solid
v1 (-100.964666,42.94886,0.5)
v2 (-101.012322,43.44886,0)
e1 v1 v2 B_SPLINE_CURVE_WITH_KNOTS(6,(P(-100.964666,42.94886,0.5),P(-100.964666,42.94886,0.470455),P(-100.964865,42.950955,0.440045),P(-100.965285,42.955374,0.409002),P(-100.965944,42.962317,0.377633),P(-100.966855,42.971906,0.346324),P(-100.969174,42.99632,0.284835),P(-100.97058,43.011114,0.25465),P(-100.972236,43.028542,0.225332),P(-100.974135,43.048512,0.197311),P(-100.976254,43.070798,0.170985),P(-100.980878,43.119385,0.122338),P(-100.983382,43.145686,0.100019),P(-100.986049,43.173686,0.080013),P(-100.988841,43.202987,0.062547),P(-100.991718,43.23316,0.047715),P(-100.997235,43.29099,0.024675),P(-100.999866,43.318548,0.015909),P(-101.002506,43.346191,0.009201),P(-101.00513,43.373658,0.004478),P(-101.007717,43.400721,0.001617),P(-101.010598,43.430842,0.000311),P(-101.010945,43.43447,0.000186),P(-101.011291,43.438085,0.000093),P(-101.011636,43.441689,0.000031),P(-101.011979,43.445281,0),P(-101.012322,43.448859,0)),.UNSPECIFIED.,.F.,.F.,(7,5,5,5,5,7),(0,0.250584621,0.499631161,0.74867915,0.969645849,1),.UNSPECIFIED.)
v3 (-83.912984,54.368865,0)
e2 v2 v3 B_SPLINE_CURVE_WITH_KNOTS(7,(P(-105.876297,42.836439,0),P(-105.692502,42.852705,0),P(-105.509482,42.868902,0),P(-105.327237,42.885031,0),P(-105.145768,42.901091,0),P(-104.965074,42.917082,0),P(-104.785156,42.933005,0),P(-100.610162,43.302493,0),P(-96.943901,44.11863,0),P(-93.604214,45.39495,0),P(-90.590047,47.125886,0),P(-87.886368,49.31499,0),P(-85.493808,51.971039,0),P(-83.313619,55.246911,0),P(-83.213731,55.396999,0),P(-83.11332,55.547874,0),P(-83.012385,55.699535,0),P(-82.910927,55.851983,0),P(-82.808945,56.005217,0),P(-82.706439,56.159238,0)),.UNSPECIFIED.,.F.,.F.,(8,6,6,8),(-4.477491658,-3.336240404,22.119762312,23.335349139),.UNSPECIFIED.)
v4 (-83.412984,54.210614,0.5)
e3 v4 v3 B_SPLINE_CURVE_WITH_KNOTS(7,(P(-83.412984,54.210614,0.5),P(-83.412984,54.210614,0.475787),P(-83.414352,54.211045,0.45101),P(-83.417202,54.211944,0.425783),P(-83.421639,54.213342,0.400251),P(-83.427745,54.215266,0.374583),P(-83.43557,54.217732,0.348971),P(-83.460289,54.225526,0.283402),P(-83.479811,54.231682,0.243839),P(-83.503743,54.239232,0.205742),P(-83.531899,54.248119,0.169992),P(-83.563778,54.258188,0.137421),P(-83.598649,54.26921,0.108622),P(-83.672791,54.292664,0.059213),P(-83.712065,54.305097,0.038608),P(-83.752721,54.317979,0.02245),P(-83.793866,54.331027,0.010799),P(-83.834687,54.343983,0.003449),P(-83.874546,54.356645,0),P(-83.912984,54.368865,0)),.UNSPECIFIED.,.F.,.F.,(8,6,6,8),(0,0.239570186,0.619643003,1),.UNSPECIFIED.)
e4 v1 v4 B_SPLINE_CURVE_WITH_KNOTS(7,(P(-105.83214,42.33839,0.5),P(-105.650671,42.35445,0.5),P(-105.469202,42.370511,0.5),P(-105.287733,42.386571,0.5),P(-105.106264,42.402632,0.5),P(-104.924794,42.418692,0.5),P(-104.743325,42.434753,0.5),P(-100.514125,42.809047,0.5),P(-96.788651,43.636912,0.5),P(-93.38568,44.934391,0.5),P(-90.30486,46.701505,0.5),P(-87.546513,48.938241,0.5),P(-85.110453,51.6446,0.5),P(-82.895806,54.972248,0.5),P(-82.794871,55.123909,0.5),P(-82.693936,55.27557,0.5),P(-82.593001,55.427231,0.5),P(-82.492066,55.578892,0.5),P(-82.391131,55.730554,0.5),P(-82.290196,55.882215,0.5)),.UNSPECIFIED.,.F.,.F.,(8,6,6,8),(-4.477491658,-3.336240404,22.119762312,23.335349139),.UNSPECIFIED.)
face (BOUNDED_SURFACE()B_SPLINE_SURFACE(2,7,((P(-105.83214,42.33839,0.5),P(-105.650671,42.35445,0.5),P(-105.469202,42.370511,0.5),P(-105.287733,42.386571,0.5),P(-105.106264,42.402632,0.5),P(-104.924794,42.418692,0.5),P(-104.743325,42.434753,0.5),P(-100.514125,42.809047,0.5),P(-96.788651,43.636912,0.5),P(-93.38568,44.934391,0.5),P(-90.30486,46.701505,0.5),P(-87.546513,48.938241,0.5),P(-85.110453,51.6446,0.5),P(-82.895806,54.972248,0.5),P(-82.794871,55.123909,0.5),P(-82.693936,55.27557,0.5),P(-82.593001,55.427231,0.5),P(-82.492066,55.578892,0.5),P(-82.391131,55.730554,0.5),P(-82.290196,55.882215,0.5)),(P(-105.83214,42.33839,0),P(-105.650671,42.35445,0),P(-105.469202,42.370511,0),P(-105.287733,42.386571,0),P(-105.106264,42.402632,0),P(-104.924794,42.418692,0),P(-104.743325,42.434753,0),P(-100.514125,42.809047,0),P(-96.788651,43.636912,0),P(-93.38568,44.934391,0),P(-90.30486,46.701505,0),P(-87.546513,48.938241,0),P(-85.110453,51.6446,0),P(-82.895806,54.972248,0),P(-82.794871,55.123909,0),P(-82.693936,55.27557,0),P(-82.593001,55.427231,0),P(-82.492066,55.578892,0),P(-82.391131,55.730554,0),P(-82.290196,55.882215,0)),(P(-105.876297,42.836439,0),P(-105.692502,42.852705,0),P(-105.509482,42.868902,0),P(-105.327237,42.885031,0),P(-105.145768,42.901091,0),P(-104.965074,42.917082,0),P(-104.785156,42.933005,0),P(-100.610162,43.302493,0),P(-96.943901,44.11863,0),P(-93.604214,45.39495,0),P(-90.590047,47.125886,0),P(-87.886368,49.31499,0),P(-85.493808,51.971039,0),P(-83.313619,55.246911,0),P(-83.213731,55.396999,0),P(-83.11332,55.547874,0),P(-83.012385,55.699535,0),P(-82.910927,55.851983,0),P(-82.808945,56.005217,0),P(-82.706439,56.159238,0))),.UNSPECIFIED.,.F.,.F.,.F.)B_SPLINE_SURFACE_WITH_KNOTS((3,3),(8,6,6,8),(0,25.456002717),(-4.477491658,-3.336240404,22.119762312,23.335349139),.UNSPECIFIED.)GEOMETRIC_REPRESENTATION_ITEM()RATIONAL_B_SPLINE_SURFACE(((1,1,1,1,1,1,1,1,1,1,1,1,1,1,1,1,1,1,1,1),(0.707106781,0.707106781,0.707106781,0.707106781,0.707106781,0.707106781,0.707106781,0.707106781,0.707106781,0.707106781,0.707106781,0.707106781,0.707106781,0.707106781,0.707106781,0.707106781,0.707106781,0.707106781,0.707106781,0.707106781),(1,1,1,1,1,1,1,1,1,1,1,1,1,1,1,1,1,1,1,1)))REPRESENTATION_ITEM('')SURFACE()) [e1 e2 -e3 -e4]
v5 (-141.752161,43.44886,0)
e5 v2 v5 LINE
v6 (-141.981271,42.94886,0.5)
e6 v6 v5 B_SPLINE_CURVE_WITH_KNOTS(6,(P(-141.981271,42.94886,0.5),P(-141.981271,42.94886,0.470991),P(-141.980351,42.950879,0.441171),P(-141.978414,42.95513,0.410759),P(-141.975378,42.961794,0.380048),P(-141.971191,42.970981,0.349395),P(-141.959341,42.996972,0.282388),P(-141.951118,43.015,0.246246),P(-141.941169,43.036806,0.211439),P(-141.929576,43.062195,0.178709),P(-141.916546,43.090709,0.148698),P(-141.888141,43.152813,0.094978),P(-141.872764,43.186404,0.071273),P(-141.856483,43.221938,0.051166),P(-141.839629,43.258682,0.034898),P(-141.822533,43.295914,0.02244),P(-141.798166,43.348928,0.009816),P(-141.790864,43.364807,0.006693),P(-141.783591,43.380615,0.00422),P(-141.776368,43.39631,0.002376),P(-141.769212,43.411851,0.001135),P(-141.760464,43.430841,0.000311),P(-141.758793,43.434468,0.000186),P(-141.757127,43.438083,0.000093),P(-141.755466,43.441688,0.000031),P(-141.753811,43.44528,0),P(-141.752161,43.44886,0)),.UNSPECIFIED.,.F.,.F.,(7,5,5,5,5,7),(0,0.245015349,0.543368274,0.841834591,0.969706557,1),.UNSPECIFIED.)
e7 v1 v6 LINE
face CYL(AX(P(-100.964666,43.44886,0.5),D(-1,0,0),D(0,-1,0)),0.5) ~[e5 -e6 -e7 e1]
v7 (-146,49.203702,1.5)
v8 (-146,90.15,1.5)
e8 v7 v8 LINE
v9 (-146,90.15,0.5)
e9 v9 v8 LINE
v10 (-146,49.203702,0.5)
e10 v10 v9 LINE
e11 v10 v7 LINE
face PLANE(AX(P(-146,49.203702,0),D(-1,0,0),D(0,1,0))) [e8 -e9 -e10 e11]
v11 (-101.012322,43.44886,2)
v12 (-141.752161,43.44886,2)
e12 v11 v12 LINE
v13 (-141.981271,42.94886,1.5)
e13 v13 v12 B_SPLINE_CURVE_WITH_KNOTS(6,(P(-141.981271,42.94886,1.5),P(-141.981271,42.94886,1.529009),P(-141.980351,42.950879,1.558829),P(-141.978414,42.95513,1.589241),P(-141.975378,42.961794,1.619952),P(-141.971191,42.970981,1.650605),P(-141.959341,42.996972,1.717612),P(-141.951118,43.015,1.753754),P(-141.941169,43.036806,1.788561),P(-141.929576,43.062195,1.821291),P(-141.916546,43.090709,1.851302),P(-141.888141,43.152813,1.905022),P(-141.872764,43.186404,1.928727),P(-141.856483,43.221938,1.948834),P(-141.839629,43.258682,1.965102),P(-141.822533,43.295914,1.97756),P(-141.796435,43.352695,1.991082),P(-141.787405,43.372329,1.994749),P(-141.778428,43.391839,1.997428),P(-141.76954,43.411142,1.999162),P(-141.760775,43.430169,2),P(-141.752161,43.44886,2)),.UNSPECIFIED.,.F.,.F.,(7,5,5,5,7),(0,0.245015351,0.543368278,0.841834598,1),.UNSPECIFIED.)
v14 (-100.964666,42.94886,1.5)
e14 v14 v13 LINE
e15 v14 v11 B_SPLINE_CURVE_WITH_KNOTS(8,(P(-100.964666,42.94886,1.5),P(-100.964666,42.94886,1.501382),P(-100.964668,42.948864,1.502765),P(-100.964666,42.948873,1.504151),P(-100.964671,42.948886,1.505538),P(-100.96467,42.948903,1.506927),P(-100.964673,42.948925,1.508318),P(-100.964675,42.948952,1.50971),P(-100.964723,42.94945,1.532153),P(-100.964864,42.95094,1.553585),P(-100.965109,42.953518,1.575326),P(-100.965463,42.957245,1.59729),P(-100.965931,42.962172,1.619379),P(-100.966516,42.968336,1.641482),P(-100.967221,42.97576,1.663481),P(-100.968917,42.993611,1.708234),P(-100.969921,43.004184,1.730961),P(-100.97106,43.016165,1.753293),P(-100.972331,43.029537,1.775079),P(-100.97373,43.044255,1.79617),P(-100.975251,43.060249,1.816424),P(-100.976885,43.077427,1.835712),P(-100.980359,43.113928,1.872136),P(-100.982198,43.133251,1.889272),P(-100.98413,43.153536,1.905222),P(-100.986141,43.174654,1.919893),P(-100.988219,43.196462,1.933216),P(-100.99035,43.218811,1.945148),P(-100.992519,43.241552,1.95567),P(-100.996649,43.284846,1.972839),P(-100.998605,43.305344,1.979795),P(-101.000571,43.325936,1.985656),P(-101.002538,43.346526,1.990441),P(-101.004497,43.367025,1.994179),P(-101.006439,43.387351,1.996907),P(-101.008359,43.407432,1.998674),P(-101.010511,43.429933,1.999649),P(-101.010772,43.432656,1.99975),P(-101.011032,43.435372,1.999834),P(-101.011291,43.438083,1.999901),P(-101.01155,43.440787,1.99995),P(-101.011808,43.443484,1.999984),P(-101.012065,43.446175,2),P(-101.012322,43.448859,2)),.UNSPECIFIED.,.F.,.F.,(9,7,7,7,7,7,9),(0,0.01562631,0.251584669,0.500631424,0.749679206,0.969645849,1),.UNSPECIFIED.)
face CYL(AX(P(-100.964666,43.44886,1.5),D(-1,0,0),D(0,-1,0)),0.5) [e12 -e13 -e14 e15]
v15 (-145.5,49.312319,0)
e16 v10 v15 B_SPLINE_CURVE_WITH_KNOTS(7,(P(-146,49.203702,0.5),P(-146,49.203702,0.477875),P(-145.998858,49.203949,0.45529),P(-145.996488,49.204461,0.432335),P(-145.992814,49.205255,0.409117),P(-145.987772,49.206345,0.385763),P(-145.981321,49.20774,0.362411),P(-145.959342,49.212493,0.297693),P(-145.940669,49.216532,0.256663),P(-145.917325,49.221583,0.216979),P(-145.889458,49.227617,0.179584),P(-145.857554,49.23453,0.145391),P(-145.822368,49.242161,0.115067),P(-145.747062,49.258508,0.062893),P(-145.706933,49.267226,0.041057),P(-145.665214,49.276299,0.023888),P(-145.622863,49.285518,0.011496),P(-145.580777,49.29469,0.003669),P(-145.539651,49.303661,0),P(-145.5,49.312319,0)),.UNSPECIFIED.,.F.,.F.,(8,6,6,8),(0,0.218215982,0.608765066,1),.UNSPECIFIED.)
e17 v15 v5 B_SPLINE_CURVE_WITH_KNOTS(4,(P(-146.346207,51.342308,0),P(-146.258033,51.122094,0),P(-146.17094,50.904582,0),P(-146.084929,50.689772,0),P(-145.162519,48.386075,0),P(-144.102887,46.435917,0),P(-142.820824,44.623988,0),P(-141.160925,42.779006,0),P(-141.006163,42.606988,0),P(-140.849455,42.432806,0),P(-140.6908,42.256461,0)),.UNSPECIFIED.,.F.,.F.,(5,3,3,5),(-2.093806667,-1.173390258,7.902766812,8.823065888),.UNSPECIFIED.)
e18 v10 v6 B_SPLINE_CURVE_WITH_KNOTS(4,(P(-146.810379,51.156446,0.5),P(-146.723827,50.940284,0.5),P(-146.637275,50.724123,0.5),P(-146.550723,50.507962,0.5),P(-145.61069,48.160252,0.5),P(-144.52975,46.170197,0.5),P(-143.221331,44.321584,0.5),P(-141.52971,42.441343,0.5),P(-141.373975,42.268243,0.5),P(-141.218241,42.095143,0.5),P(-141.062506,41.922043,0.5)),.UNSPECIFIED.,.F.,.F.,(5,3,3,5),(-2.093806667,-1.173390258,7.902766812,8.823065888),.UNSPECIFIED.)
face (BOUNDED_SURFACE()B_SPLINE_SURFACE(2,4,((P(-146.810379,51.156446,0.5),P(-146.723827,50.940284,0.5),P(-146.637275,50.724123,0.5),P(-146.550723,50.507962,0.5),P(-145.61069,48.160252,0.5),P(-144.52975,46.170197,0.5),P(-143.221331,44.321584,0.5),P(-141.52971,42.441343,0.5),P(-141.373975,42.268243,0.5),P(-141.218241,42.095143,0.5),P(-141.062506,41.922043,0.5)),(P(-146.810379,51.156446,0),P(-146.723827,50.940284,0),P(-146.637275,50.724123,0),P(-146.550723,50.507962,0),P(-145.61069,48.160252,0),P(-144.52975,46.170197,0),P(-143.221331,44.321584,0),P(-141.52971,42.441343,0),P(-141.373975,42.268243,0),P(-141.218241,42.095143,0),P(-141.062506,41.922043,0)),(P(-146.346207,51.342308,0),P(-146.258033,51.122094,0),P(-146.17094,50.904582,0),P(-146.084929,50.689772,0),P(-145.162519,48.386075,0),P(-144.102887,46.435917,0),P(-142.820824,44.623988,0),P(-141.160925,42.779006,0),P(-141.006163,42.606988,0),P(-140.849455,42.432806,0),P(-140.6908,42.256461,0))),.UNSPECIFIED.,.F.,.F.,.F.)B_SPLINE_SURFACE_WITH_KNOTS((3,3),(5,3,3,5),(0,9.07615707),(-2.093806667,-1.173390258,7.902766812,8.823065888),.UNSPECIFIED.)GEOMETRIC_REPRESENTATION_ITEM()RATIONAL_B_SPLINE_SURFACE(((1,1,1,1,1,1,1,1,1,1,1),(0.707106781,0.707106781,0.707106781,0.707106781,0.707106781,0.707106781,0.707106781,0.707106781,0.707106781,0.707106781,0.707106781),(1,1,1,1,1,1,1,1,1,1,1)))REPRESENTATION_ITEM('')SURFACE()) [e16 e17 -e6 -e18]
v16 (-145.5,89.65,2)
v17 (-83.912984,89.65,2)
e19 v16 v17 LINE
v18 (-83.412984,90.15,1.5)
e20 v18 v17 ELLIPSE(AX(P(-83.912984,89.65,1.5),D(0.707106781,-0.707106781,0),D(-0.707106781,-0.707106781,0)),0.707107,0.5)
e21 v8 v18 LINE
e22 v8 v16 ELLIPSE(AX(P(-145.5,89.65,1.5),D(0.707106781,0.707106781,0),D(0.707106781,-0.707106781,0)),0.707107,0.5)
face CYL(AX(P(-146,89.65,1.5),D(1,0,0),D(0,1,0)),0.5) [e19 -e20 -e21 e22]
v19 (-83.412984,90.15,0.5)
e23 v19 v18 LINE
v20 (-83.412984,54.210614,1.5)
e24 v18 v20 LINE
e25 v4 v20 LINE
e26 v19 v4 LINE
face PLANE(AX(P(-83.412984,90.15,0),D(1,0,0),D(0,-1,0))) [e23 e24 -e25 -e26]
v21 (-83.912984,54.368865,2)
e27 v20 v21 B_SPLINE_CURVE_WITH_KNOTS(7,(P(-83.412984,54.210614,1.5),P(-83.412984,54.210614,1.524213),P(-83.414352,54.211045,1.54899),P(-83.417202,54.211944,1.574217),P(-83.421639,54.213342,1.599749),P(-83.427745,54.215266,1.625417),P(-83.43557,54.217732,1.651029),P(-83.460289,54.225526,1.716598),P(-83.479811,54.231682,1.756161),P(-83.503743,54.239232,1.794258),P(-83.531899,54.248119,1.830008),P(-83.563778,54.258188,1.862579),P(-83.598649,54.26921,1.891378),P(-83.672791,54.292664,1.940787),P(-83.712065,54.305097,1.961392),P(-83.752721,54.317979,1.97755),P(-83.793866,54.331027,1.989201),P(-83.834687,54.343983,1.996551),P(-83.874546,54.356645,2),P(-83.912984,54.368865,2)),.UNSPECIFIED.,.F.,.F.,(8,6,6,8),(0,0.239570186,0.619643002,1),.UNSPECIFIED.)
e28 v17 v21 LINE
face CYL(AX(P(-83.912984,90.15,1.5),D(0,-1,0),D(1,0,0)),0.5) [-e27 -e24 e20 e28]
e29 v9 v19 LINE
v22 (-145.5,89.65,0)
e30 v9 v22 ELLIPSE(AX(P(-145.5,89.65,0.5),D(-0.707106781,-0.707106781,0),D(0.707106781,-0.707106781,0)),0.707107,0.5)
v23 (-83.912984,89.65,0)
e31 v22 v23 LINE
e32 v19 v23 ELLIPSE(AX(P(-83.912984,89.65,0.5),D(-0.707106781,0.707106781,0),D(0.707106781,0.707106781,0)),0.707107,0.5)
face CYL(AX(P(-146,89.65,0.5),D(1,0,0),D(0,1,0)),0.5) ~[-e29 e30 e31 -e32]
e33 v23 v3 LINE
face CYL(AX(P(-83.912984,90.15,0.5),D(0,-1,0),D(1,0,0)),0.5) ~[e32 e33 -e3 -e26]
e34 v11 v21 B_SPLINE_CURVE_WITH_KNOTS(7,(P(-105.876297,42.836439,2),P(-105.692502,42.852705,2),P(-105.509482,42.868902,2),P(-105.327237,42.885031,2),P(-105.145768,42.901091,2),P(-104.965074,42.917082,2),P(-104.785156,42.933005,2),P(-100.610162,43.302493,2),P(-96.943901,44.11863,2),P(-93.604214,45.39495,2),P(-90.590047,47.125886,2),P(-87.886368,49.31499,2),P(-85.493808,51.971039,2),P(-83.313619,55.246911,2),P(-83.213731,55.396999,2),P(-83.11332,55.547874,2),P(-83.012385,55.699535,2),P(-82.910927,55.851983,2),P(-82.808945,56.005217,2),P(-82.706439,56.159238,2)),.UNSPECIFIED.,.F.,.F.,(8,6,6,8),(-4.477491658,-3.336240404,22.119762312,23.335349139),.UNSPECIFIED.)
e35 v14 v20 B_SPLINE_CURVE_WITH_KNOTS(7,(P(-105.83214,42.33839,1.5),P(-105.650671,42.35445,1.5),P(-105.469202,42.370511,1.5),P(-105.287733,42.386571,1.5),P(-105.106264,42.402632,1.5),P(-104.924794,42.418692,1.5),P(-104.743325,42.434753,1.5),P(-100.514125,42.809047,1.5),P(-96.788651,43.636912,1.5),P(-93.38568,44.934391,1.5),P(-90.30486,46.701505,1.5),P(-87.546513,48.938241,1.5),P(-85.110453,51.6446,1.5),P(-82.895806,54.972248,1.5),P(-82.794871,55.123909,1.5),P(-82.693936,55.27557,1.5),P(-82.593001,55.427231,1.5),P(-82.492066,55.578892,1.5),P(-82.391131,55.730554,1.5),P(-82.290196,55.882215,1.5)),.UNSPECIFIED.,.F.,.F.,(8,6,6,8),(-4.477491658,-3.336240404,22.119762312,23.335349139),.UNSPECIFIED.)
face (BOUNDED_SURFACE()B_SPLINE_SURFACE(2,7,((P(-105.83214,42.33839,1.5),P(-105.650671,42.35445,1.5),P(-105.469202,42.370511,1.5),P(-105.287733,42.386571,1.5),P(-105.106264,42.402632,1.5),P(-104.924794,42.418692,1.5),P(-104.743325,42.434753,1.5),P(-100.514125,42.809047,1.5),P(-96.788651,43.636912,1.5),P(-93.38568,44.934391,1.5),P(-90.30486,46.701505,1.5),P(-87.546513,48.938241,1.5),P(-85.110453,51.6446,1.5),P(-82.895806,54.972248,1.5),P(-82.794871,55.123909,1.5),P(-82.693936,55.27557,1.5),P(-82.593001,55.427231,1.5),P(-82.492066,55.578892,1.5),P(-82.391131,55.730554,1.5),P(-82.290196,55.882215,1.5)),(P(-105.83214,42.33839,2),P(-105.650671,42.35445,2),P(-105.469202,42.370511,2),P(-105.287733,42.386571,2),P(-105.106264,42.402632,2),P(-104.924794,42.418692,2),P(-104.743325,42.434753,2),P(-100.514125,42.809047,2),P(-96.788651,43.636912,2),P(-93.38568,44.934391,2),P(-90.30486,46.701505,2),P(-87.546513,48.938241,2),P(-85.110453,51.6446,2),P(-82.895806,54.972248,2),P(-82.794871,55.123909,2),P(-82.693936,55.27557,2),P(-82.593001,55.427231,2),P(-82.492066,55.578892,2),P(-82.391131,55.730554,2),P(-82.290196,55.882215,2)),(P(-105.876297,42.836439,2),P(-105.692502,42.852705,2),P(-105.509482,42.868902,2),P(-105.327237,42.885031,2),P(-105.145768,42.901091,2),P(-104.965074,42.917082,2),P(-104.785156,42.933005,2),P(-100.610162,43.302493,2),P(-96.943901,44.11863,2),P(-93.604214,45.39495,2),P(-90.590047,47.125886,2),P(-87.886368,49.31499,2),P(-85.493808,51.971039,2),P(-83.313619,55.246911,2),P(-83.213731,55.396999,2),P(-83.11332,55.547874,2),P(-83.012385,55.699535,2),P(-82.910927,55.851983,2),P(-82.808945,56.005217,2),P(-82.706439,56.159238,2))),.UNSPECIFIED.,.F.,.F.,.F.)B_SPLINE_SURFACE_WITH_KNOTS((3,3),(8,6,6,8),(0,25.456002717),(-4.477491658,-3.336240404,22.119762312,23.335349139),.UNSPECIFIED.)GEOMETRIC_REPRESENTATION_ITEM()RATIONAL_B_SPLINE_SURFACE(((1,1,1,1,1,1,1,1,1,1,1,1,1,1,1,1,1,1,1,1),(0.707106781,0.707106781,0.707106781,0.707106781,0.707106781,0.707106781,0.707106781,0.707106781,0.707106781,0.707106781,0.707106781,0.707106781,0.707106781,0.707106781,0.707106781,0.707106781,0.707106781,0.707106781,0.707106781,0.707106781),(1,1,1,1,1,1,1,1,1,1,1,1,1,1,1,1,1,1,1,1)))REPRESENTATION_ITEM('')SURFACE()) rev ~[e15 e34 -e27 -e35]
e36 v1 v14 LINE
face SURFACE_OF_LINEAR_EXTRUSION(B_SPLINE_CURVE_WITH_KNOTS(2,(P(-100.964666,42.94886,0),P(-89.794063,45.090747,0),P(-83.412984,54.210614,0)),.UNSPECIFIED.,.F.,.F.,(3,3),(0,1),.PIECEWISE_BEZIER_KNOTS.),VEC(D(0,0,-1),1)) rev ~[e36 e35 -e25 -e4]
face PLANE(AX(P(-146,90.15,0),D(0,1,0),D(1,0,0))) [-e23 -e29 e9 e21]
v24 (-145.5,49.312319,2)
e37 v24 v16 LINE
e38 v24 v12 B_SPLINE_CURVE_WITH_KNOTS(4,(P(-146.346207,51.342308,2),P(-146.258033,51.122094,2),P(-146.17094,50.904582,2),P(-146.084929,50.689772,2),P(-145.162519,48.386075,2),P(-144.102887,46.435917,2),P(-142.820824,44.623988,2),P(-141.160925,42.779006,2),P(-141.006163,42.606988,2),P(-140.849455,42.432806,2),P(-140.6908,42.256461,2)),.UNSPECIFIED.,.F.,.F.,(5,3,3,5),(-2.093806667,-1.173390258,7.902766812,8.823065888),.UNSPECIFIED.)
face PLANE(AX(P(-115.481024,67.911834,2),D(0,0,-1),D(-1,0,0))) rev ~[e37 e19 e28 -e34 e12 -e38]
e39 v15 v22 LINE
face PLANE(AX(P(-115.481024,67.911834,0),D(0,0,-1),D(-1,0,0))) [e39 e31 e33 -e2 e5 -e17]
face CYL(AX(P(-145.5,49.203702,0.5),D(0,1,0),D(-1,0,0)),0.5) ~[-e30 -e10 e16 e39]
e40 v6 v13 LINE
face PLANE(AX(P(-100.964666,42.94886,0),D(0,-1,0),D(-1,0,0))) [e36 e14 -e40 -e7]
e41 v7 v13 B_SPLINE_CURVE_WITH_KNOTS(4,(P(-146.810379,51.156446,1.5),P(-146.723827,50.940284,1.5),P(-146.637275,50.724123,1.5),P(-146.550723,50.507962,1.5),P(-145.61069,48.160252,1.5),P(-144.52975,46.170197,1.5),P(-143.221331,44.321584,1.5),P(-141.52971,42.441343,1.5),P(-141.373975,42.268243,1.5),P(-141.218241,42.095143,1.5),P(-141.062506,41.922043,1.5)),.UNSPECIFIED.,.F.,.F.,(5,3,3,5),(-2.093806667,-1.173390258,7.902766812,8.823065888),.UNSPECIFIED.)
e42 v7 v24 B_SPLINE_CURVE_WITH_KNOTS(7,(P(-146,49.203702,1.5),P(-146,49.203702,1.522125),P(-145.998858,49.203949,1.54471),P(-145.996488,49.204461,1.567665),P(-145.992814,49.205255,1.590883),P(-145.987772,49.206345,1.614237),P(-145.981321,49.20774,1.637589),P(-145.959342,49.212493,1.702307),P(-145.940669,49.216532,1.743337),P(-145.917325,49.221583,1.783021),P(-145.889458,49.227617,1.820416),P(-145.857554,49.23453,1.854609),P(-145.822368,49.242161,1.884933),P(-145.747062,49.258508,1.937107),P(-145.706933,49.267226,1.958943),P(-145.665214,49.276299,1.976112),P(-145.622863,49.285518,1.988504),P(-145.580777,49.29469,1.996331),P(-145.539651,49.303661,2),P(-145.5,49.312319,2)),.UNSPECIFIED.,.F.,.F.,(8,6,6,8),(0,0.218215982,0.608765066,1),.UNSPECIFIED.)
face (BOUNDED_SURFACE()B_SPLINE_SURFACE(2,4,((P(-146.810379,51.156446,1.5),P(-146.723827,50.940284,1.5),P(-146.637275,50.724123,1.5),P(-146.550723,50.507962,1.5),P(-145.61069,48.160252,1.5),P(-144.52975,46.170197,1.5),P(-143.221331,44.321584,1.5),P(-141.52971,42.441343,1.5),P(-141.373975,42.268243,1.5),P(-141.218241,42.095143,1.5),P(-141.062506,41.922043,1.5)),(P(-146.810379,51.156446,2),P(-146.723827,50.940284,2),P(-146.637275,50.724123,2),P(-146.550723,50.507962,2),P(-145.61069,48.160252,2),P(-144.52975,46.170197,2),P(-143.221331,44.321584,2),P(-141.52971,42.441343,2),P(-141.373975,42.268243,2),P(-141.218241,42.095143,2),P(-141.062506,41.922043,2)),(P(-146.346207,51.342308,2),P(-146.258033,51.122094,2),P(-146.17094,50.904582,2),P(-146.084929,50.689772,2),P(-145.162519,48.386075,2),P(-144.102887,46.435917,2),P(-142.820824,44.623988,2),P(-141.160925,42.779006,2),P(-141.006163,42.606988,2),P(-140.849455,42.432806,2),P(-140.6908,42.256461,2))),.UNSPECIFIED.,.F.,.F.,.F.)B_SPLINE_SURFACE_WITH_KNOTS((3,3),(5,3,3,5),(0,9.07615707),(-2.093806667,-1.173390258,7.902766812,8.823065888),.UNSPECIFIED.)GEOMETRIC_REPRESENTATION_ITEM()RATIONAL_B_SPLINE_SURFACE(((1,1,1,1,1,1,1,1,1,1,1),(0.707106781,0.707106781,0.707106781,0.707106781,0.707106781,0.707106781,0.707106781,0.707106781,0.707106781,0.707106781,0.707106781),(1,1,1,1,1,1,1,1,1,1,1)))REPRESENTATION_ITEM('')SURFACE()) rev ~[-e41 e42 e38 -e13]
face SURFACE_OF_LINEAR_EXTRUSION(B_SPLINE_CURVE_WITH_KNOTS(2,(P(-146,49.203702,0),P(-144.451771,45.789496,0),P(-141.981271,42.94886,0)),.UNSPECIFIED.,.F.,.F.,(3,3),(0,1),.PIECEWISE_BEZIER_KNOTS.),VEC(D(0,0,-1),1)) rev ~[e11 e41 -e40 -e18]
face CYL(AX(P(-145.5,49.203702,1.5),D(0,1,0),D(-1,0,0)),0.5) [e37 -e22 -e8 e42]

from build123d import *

# Parameters (mm, degrees)
BOSS_EXTRUDE1_DEPTH = 2
FILLET1_R           = 0.5


with BuildPart() as part:
    # Sketch1 → Boss-Extrude1 (new body)
    with BuildSketch(Plane.XY):
        with BuildLine():
            Line((-145.99999999999895, 90.15000000000006), (-83.41298388416027, 90.15000000000006))
            Line((-83.41298388416027, 90.15000000000006), (-83.41298388416027, 54.21061421965468))
            add(Edge.make_bspline(
                [(-100.96466600142944, 42.94885950379533), (-89.79406328434806, 45.090747163384094), (-83.41298388416027, 54.21061421965468)],
                knots=[0, 0, 0, 1, 1, 1], degree=2))
            Line((-100.96466600142944, 42.94885950379533), (-141.9812710492236, 42.94885950379533))
            add(Edge.make_bspline(
                [(-145.99999999999895, 49.20370216177108), (-144.45177140863723, 45.789495610020026), (-141.9812710492236, 42.94885950379533)],
                knots=[0, 0, 0, 1, 1, 1], degree=2))
            Line((-145.99999999999895, 49.20370216177108), (-145.99999999999895, 90.15000000000006))
        make_face()
    extrude(amount=BOSS_EXTRUDE1_DEPTH)

    # Fillet1
    fillet1_edges = [part.edges().sort_by_distance(p)[0] for p in [
        (-121.47296852532652, 42.94885950379533, 2),
        (-91.04467198297803, 46.80118149181579, 2),
        (-83.41298388416027, 72.18030710982737, 2),
        (-114.70649194207961, 90.15000000000006, 2),
        (-145.99999999999895, 69.67685108088557, 2),
        (-114.70649194207961, 90.15000000000006, 0),
        (-83.41298388416027, 72.18030710982737, 0),
        (-91.04467198297803, 46.80118149181579, 0),
        (-121.47296852532652, 42.94885950379533, 0),
        (-144.2190558069609, 45.92954612787242, 0),
        (-145.99999999999895, 69.67685108088557, 0),
        (-144.2190558069609, 45.92954612787242, 2),
    ]]
    fillet(fillet1_edges, radius=FILLET1_R)


solid = part.part
